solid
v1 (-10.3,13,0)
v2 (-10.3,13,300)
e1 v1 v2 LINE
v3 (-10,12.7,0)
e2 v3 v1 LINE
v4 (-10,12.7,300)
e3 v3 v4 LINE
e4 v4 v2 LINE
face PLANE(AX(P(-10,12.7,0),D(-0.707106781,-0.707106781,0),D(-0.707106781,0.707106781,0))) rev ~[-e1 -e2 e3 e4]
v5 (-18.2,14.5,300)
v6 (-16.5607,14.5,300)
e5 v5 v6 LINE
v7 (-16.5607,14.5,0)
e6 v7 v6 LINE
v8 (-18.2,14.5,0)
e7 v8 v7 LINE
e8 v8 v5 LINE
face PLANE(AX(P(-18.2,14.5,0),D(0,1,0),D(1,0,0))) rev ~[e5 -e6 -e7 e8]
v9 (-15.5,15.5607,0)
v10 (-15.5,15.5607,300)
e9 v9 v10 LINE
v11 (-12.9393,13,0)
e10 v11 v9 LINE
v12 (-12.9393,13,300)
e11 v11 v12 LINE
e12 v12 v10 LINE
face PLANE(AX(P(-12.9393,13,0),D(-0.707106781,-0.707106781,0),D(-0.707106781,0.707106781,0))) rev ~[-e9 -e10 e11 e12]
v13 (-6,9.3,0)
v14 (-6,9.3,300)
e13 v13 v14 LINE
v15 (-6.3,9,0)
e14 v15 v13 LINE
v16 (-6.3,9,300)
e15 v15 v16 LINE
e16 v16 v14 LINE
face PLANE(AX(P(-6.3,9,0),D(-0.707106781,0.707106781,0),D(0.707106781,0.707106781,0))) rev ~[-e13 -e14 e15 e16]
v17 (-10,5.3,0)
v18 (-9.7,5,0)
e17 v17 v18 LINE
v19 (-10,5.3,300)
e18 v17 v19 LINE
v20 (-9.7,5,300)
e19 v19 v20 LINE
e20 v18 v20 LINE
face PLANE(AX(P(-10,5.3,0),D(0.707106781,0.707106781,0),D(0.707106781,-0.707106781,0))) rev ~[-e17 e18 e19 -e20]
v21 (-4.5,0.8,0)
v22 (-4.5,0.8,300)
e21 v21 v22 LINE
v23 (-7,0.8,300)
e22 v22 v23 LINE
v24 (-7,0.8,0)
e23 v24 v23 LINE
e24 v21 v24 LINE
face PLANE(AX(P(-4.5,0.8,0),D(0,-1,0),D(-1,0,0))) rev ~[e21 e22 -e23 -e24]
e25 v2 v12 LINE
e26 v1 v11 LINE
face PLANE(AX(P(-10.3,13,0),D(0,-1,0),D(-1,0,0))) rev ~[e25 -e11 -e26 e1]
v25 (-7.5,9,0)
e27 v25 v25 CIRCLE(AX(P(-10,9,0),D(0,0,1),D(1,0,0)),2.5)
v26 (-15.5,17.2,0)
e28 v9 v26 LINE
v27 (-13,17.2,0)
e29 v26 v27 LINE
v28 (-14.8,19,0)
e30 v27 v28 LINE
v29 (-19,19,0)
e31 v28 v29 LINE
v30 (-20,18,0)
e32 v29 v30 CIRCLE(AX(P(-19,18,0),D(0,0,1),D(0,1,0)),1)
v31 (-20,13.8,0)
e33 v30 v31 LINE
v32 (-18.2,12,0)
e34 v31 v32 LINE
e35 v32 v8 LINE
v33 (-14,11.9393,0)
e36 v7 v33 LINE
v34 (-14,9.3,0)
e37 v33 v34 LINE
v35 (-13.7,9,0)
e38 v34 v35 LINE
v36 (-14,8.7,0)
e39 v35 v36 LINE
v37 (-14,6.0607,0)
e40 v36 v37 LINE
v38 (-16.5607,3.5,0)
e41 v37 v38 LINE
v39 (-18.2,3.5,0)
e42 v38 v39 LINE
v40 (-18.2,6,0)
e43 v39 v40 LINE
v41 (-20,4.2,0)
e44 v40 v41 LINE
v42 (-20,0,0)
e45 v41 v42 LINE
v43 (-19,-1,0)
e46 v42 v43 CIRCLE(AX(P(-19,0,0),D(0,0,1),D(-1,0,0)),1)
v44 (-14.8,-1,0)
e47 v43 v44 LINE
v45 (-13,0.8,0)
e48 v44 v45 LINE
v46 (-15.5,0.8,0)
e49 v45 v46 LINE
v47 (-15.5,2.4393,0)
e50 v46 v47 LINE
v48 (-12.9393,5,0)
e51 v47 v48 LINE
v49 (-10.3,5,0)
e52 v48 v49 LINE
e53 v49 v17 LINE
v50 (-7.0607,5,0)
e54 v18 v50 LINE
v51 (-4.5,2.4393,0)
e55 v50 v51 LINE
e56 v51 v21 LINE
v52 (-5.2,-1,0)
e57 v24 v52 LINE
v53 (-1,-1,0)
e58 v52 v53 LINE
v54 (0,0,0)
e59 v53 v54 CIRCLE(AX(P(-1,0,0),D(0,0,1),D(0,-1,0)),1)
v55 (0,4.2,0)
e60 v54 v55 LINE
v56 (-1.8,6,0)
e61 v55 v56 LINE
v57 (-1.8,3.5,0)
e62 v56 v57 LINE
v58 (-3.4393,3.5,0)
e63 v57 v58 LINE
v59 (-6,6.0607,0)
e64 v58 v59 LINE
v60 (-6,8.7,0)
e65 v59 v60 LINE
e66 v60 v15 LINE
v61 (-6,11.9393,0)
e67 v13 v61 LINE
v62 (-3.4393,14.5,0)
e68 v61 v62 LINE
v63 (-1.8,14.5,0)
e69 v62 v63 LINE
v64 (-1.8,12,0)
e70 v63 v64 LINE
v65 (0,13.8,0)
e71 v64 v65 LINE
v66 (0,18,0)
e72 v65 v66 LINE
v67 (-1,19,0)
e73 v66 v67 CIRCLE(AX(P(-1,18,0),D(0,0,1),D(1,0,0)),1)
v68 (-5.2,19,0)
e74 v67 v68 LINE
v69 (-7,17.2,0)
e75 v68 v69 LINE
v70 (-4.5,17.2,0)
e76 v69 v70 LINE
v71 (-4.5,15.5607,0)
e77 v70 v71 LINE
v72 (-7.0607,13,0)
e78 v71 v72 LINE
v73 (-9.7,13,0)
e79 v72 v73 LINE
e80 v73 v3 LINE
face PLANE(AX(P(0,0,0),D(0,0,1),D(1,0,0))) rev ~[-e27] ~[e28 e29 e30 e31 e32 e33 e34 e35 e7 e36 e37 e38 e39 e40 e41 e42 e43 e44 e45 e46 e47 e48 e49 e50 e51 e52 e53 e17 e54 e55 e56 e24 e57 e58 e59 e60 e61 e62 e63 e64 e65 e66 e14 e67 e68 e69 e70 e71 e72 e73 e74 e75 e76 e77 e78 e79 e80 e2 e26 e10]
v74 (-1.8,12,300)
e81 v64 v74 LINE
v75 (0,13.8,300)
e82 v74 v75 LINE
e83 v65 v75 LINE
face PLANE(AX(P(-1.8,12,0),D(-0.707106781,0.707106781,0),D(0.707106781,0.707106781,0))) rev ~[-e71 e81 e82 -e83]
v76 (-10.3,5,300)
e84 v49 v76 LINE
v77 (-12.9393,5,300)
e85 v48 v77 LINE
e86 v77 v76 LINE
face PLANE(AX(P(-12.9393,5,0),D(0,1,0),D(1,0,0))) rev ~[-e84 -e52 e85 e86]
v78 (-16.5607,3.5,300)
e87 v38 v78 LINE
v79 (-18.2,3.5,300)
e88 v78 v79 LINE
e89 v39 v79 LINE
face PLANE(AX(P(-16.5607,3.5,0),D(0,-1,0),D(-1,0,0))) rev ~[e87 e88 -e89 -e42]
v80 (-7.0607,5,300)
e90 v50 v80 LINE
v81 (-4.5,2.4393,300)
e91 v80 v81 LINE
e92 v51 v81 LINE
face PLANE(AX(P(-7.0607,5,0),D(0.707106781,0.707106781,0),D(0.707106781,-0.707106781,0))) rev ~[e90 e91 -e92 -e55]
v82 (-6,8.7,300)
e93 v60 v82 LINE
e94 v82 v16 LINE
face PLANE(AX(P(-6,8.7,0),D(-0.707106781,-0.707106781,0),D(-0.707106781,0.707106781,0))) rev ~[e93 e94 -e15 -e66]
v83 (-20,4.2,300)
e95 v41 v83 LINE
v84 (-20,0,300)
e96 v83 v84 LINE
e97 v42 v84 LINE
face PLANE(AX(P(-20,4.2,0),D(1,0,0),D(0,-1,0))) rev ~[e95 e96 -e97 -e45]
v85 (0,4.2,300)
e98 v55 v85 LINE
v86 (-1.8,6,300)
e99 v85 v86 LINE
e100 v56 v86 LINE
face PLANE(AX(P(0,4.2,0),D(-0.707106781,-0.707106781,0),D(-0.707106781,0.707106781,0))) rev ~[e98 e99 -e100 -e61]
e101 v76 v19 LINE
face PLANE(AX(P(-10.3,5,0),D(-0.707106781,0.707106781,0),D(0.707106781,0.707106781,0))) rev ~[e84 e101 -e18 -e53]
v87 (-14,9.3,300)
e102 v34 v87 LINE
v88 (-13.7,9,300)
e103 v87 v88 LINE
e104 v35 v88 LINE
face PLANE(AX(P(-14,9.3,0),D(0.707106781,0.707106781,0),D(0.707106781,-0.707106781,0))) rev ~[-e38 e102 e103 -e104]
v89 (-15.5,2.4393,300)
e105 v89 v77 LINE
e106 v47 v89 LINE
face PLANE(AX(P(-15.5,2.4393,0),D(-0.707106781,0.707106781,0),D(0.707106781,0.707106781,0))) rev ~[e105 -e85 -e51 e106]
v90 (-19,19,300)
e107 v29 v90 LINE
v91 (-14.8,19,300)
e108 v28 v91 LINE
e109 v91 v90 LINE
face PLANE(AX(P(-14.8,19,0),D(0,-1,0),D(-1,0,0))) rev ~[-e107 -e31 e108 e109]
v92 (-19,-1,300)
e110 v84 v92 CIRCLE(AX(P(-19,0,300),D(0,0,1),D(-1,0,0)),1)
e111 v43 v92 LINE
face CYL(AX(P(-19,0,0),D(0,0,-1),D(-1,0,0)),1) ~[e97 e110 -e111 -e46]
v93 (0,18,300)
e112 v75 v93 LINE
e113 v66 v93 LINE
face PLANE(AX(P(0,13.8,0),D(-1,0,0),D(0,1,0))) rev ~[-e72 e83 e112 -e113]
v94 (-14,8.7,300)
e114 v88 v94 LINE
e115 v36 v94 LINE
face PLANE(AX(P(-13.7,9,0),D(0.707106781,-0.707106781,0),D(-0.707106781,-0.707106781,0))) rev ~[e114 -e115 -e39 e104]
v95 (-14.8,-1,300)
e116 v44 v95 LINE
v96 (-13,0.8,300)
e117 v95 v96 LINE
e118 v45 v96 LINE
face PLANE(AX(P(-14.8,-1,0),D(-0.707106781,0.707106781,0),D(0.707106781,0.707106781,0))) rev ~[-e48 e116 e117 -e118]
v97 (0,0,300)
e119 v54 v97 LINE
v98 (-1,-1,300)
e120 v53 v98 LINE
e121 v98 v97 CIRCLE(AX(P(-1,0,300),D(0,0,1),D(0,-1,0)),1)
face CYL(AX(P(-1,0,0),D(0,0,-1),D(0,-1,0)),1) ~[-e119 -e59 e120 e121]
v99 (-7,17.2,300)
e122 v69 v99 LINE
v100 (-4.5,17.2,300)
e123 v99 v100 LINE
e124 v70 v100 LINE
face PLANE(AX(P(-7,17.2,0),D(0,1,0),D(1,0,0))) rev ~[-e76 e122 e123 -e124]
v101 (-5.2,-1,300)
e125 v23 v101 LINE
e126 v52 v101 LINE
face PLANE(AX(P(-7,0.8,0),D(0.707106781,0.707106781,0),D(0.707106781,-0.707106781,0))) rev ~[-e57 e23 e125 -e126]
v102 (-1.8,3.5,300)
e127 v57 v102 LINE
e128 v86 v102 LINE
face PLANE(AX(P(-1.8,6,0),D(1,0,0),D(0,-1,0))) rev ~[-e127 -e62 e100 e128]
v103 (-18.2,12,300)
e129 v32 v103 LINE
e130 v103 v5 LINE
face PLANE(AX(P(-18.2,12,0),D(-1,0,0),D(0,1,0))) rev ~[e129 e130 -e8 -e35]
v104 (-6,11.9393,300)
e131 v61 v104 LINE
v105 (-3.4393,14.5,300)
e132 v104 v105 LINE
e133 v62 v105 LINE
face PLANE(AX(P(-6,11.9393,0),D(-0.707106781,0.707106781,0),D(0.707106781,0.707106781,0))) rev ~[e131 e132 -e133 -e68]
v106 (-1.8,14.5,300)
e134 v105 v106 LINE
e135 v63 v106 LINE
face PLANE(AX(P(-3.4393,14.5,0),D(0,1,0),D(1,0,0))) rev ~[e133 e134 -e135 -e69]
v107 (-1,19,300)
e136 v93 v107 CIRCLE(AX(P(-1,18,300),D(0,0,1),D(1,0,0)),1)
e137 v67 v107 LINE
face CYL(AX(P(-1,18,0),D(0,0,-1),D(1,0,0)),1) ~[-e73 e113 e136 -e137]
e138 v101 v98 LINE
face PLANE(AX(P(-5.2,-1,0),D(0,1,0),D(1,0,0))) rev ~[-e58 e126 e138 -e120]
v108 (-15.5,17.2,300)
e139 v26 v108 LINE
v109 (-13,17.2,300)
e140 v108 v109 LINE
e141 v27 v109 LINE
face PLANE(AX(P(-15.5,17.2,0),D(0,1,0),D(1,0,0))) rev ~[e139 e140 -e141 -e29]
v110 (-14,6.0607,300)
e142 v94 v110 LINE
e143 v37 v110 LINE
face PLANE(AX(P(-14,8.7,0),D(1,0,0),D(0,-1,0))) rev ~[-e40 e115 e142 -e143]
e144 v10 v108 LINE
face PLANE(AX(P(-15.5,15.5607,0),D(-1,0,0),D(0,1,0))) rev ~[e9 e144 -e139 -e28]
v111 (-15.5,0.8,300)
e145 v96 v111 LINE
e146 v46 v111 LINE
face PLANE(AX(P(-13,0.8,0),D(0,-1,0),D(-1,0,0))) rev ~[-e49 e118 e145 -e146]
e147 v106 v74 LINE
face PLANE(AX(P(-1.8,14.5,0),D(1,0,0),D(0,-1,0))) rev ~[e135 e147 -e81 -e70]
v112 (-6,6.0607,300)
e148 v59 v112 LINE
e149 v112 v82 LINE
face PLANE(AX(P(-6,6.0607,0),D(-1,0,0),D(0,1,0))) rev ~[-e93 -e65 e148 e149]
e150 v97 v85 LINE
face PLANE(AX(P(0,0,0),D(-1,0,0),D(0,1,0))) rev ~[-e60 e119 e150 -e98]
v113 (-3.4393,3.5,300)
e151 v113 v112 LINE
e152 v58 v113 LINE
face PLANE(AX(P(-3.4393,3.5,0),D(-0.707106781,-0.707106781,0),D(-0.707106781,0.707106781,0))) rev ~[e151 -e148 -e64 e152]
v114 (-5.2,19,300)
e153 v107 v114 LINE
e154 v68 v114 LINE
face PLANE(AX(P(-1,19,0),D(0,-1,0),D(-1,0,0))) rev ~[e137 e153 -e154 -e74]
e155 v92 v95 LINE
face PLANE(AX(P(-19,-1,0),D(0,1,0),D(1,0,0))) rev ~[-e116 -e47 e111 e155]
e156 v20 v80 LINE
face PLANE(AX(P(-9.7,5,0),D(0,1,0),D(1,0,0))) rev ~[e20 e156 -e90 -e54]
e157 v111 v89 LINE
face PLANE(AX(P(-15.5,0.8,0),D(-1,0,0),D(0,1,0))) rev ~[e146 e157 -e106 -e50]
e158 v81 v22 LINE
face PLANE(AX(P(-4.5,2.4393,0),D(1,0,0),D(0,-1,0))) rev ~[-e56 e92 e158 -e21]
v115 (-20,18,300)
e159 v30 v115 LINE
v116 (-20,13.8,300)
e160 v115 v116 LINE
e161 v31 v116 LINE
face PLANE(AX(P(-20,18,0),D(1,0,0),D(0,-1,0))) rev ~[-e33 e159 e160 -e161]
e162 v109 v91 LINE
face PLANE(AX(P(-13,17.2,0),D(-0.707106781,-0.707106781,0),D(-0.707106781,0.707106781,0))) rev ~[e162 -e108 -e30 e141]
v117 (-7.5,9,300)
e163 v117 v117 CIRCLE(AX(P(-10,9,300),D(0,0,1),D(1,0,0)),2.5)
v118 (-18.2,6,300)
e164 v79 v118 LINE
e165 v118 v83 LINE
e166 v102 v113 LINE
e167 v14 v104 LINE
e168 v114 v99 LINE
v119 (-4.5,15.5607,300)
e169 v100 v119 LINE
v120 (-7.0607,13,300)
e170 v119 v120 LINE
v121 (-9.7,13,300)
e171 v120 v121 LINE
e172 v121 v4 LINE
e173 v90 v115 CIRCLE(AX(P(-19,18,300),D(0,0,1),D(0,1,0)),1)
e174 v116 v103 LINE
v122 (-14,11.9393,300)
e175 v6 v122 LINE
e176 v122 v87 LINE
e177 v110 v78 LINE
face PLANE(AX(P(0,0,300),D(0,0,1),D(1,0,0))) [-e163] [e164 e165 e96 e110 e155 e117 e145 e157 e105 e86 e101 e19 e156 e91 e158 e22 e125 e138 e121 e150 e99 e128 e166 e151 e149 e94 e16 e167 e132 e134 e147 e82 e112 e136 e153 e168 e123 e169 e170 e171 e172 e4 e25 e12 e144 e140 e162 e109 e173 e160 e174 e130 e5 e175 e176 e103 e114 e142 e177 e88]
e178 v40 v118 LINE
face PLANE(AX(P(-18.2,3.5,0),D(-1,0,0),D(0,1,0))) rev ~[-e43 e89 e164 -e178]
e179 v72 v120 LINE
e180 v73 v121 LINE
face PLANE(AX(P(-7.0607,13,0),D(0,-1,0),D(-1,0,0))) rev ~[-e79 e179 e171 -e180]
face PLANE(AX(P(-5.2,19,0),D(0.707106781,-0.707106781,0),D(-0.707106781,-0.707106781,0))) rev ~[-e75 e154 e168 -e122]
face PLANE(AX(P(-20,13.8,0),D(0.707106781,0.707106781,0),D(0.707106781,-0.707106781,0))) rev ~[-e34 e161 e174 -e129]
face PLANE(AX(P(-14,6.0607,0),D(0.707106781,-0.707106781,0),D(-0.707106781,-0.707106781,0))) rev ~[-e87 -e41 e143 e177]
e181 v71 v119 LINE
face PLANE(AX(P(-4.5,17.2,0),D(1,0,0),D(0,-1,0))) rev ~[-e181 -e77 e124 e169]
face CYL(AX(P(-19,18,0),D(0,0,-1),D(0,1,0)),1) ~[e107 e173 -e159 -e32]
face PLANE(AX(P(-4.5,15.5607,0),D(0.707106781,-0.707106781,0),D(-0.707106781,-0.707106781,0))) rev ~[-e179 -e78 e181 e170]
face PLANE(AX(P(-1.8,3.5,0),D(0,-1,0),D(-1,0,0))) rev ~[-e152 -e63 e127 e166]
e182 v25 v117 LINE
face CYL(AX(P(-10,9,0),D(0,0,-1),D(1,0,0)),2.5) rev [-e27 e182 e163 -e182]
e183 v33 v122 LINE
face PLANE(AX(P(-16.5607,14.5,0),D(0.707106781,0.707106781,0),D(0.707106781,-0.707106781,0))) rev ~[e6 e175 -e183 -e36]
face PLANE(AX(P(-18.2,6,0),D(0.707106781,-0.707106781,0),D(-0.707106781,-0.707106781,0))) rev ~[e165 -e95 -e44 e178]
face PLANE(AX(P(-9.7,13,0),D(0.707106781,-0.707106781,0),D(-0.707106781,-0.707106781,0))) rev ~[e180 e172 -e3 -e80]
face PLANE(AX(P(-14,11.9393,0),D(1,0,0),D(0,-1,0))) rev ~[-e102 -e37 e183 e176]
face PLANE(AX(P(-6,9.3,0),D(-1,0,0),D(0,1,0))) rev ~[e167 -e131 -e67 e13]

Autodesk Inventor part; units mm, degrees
ref_plane "YZ Plane" through (0, 0, 0) normal (1, 0, 0) x (0, 1, 0)
ref_plane "XZ Plane" through (0, 0, 0) normal (0, 1, 0) x (-1, 0, 0)
ref_plane "XY Plane" through (0, 0, 0) normal (0, 0, 1) x (1, 0, 0)
sketch "Sketch1" plane through (0, 0, 0) normal (0, 0, 1) x (1, 0, 0)
  line L0 (-14, 8.7) -> (-14, 6.0607)
  line L1 (-14, 8.7) -> (-14, 6.0607)
  line L2 (-14, 6.0607) -> (-16.5607, 3.5)
  line L3 (-14, 6.0607) -> (-16.5607, 3.5)
  line L4 (-16.5607, 3.5) -> (-18.2, 3.5)
  line L5 (-16.5607, 3.5) -> (-18.2, 3.5)
  line L6 (-18.2, 3.5) -> (-18.2, 6)
  line L7 (-18.2, 3.5) -> (-18.2, 6)
  line L8 (-20, 4.2) -> (-20, 0)
  line L9 (-18.2, 6) -> (-20, 4.2)
  line L10 (-20, 4.2) -> (-20, 0)
  line L11 (-19, -1) -> (-14.8, -1)
  line L12 (-19, -1) -> (-14.8, -1)
  line L13 (-14.8, -1) -> (-13, 0.8)
  line L14 (-14.8, -1) -> (-13, 0.8)
  line L15 (-15.5, 0.8) -> (-15.5, 2.4393)
  line L16 (-13, 0.8) -> (-15.5, 0.8)
  line L17 (-15.5, 0.8) -> (-15.5, 2.4393)
  line L18 (-12.9393, 5) -> (-10.3, 5)
  line L19 (-15.5, 2.4393) -> (-12.9393, 5)
  line L20 (-12.9393, 5) -> (-10.3, 5)
  line L21 (-10, 5.3) -> (-9.7, 5)
  line L22 (-10.3, 5) -> (-10, 5.3)
  line L23 (-13.7, 9) -> (-14, 8.7)
  line L24 (-13.7, 9) -> (-14, 8.7)
  line L25 (-10, 9) -> (-10, 10.0607)
  circle A0 centre (-10, 9) radius 2.5
  arc A1 (-20, 0) -> (-19, -1) centre (-19, 0) ccw
  arc A2 (-20, 0) -> (-19, -1) centre (-19, 0) ccw
  line L26 (-7.0607, 5) -> (-4.5, 2.4393)
  line L27 (-4.5, 2.4393) -> (-4.5, 0.8)
  line L28 (-4.5, 0.8) -> (-7, 0.8)
  line L29 (-7, 0.8) -> (-5.2, -1)
  line L30 (-3.4393, 3.5) -> (-6, 6.0607)
  line L31 (-1.8, 6) -> (-1.8, 3.5)
  line L32 (-1.8, 3.5) -> (-3.4393, 3.5)
  line L33 (0, 4.2) -> (-1.8, 6)
  line L34 (-5.2, -1) -> (-1, -1)
  line L35 (0, 0) -> (0, 4.2)
  arc A3 (-1, -1) -> (0, 0) centre (-1, 0) ccw
  line L36 (-9.7, 5) -> (-7.0607, 5)
  line L37 (-6, 6.0607) -> (-6, 8.7)
  line L38 (-6, 8.7) -> (-6.3, 9)
  line L39 (-10, 5.3) -> (-9.7, 5)
  line L40 (-6, 11.9393) -> (-3.4393, 14.5)
  line L41 (-3.4393, 14.5) -> (-1.8, 14.5)
  line L42 (-1.8, 14.5) -> (-1.8, 12)
  line L43 (-1.8, 12) -> (0, 13.8)
  line L44 (-4.5, 15.5607) -> (-7.0607, 13)
  line L45 (-7, 17.2) -> (-4.5, 17.2)
  line L46 (-4.5, 17.2) -> (-4.5, 15.5607)
  line L47 (-5.2, 19) -> (-7, 17.2)
  line L48 (0, 13.8) -> (0, 18)
  line L49 (-1, 19) -> (-5.2, 19)
  arc A4 (0, 18) -> (-1, 19) centre (-1, 18) ccw
  line L50 (-6, 9.3) -> (-6, 11.9393)
  line L51 (-7.0607, 13) -> (-9.7, 13)
  line L52 (-9.7, 13) -> (-10, 12.7)
  line L53 (-6.3, 9) -> (-6, 9.3)
  line L54 (-12.9393, 13) -> (-15.5, 15.5607)
  line L55 (-15.5, 15.5607) -> (-15.5, 17.2)
  line L56 (-15.5, 17.2) -> (-13, 17.2)
  line L57 (-13, 17.2) -> (-14.8, 19)
  line L58 (-16.5607, 14.5) -> (-14, 11.9393)
  line L59 (-18.2, 12) -> (-18.2, 14.5)
  line L60 (-18.2, 14.5) -> (-16.5607, 14.5)
  line L61 (-20, 13.8) -> (-18.2, 12)
  line L62 (-14.8, 19) -> (-19, 19)
  line L63 (-20, 18) -> (-20, 13.8)
  arc A5 (-19, 19) -> (-20, 18) centre (-19, 18) ccw
  line L64 (-10.3, 13) -> (-12.9393, 13)
  line L65 (-14, 11.9393) -> (-14, 9.3)
  line L66 (-14, 9.3) -> (-13.7, 9)
  line L67 (-10, 12.7) -> (-10.3, 13)
  point P0 (0, 0)
  point P1 (-1, 0)
  point P2 (-1, 18)
  point P3 (-19, 18)
  dimension "d2" = 360
extrude "Extrusion1" add sketch "Sketch1" along normal blind 300
properties part number "20x20x300" material "Aluminum 6061"
